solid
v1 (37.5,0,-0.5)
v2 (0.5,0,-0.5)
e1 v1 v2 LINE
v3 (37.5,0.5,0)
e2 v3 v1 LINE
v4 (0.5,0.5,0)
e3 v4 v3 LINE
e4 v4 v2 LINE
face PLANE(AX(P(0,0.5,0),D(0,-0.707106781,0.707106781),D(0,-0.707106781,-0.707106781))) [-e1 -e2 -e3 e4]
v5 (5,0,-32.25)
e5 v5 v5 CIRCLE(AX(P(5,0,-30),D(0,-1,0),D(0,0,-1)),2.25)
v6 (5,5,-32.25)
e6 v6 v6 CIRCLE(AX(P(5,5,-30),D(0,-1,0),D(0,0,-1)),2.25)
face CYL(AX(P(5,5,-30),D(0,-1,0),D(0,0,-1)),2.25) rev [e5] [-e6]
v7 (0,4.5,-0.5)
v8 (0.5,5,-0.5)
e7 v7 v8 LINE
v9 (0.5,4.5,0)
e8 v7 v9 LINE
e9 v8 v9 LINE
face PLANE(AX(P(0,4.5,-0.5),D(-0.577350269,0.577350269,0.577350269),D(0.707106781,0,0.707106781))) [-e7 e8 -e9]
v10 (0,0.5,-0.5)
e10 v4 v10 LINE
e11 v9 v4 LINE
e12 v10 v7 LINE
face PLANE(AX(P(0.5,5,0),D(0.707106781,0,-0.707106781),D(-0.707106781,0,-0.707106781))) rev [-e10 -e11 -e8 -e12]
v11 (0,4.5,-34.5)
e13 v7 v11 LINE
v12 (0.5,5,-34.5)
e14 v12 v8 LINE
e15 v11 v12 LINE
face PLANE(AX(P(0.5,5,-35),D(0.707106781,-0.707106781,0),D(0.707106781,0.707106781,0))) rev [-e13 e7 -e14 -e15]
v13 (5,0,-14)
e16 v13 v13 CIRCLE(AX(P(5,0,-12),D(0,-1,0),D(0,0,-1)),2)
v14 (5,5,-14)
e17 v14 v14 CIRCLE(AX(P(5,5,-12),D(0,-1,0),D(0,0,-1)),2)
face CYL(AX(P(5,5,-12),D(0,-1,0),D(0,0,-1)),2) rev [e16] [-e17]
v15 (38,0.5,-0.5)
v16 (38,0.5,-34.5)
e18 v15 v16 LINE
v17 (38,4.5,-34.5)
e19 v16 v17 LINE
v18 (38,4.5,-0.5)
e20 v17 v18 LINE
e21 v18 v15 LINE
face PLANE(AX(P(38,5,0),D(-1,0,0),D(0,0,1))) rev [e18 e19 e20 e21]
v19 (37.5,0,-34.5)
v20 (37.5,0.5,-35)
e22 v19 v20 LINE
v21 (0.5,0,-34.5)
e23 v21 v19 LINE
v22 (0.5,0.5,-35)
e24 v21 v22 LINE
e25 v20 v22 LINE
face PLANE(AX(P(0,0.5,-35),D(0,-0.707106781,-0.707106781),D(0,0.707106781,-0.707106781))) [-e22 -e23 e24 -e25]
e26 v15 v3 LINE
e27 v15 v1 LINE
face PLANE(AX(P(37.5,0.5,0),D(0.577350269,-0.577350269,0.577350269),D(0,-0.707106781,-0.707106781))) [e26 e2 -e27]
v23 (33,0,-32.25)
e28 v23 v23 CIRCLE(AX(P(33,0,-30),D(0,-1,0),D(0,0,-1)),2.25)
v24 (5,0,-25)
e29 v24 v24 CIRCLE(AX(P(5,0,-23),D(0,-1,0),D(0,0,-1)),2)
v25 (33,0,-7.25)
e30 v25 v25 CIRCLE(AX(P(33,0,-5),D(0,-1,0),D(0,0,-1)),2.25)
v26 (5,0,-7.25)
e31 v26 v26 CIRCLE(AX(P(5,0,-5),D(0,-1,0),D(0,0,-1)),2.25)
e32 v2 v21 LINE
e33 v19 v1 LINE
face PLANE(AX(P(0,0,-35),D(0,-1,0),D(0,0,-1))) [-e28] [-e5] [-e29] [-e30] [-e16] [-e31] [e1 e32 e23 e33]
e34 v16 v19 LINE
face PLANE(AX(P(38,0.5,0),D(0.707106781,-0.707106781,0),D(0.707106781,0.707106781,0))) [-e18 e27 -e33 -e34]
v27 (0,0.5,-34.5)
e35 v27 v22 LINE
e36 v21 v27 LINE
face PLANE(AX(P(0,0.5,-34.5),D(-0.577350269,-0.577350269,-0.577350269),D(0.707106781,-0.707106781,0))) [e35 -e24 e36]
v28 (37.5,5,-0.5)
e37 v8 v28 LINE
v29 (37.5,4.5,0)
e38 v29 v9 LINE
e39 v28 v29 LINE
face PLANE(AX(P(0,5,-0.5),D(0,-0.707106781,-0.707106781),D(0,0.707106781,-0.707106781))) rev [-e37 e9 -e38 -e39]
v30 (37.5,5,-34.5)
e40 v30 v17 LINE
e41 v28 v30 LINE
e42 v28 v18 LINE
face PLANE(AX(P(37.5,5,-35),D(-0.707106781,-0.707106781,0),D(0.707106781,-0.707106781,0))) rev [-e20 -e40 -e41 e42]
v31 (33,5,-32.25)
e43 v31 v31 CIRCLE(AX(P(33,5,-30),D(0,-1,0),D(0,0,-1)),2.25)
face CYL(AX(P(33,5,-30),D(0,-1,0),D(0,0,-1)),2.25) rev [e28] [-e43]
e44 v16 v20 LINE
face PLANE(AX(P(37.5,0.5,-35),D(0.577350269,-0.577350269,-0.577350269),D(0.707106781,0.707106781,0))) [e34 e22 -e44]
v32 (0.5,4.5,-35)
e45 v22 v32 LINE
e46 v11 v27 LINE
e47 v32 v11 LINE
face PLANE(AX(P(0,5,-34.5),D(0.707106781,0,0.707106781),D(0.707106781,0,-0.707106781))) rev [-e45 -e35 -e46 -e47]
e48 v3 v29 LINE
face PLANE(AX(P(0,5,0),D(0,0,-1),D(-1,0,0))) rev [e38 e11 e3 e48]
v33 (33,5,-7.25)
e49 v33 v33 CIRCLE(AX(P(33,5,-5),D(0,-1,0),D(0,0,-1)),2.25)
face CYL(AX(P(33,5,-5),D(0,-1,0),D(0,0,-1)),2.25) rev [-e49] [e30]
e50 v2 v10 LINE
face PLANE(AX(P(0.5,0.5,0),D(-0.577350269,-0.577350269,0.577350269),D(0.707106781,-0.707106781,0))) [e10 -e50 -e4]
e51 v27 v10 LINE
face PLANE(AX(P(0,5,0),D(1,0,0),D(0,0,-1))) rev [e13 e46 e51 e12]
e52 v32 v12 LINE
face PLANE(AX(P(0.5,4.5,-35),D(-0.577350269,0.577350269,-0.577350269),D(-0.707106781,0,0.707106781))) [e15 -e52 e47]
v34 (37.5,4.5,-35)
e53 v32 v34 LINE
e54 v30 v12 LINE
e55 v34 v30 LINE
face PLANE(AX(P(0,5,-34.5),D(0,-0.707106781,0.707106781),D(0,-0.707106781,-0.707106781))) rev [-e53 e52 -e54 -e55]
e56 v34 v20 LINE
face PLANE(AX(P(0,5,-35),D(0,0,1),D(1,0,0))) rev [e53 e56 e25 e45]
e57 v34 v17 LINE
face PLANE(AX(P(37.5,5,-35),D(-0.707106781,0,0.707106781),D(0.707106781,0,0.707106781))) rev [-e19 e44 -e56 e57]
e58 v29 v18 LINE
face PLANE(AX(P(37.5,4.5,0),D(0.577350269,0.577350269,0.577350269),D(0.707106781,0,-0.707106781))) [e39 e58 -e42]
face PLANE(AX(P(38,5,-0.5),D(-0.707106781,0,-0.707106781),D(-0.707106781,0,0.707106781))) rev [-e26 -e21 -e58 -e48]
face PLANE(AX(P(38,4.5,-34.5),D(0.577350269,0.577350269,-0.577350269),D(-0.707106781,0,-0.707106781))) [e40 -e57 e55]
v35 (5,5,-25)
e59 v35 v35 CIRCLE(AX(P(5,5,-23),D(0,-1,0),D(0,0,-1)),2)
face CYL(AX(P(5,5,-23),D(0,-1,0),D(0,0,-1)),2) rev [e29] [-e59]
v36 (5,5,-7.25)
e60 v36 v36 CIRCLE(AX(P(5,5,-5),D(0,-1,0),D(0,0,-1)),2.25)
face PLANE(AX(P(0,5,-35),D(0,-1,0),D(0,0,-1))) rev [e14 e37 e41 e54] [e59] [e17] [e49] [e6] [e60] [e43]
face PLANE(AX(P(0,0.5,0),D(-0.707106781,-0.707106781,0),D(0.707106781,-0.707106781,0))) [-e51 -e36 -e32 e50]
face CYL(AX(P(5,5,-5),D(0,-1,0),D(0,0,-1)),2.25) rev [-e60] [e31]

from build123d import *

# Parameters (mm, degrees)
SKETCH_1_W          = 38
SKETCH_1_H          = 35
EXTRUDE_1_DEPTH     = 5
CHAMFER_1_SIZE      = 0.5
SKETCH_2_R          = 2.25
SKETCH_2_R_2        = 2
CUT_EXTRUDE_1_DEPTH = 52.903757089


with BuildPart() as part:
    # 草图1 → 凸台-拉伸1 (new body)
    with BuildSketch(Plane(origin=(0, 0, 0), x_dir=(1, 0, 0), z_dir=(0, 1, 0))):
        with Locations((19, 17.5)):
            Rectangle(SKETCH_1_W, SKETCH_1_H)
    extrude(amount=EXTRUDE_1_DEPTH)

    # 倒角1
    chamfer_1_edges = [part.edges().sort_by_distance(p)[0] for p in [
        (38, 5, -17.5),
        (19, 5, -35),
        (0, 5, -17.5),
        (19, 0, -35),
        (38, 0, -17.5),
        (19, 0, 0),
        (0, 0, -17.5),
        (19, 5, 0),
        (0, 2.5, -35),
        (38, 2.5, -35),
        (38, 2.5, 0),
        (0, 2.5, 0),
    ]]
    chamfer(chamfer_1_edges, length=CHAMFER_1_SIZE)

    # 草图2 → 切除-拉伸1 (cut, through all)
    with BuildSketch(Plane.XZ):
        with Locations(Location((5, -5, 0), (0, 0, 270))):
            Circle(SKETCH_2_R)
        with Locations(Location((5, -30, 0), (0, 0, 270))):
            Circle(SKETCH_2_R)
        with Locations(Location((33, -30, 0), (0, 0, 270))):
            Circle(SKETCH_2_R)
        with Locations(Location((33, -5, 0), (0, 0, 270))):
            Circle(SKETCH_2_R)
        with Locations(Location((5, -12, 0), (0, 0, 270))):
            Circle(SKETCH_2_R_2)
        with Locations(Location((5, -23, 0), (0, 0, 270))):
            Circle(SKETCH_2_R_2)
    extrude(amount=-CUT_EXTRUDE_1_DEPTH, mode=Mode.SUBTRACT)


solid = part.part
